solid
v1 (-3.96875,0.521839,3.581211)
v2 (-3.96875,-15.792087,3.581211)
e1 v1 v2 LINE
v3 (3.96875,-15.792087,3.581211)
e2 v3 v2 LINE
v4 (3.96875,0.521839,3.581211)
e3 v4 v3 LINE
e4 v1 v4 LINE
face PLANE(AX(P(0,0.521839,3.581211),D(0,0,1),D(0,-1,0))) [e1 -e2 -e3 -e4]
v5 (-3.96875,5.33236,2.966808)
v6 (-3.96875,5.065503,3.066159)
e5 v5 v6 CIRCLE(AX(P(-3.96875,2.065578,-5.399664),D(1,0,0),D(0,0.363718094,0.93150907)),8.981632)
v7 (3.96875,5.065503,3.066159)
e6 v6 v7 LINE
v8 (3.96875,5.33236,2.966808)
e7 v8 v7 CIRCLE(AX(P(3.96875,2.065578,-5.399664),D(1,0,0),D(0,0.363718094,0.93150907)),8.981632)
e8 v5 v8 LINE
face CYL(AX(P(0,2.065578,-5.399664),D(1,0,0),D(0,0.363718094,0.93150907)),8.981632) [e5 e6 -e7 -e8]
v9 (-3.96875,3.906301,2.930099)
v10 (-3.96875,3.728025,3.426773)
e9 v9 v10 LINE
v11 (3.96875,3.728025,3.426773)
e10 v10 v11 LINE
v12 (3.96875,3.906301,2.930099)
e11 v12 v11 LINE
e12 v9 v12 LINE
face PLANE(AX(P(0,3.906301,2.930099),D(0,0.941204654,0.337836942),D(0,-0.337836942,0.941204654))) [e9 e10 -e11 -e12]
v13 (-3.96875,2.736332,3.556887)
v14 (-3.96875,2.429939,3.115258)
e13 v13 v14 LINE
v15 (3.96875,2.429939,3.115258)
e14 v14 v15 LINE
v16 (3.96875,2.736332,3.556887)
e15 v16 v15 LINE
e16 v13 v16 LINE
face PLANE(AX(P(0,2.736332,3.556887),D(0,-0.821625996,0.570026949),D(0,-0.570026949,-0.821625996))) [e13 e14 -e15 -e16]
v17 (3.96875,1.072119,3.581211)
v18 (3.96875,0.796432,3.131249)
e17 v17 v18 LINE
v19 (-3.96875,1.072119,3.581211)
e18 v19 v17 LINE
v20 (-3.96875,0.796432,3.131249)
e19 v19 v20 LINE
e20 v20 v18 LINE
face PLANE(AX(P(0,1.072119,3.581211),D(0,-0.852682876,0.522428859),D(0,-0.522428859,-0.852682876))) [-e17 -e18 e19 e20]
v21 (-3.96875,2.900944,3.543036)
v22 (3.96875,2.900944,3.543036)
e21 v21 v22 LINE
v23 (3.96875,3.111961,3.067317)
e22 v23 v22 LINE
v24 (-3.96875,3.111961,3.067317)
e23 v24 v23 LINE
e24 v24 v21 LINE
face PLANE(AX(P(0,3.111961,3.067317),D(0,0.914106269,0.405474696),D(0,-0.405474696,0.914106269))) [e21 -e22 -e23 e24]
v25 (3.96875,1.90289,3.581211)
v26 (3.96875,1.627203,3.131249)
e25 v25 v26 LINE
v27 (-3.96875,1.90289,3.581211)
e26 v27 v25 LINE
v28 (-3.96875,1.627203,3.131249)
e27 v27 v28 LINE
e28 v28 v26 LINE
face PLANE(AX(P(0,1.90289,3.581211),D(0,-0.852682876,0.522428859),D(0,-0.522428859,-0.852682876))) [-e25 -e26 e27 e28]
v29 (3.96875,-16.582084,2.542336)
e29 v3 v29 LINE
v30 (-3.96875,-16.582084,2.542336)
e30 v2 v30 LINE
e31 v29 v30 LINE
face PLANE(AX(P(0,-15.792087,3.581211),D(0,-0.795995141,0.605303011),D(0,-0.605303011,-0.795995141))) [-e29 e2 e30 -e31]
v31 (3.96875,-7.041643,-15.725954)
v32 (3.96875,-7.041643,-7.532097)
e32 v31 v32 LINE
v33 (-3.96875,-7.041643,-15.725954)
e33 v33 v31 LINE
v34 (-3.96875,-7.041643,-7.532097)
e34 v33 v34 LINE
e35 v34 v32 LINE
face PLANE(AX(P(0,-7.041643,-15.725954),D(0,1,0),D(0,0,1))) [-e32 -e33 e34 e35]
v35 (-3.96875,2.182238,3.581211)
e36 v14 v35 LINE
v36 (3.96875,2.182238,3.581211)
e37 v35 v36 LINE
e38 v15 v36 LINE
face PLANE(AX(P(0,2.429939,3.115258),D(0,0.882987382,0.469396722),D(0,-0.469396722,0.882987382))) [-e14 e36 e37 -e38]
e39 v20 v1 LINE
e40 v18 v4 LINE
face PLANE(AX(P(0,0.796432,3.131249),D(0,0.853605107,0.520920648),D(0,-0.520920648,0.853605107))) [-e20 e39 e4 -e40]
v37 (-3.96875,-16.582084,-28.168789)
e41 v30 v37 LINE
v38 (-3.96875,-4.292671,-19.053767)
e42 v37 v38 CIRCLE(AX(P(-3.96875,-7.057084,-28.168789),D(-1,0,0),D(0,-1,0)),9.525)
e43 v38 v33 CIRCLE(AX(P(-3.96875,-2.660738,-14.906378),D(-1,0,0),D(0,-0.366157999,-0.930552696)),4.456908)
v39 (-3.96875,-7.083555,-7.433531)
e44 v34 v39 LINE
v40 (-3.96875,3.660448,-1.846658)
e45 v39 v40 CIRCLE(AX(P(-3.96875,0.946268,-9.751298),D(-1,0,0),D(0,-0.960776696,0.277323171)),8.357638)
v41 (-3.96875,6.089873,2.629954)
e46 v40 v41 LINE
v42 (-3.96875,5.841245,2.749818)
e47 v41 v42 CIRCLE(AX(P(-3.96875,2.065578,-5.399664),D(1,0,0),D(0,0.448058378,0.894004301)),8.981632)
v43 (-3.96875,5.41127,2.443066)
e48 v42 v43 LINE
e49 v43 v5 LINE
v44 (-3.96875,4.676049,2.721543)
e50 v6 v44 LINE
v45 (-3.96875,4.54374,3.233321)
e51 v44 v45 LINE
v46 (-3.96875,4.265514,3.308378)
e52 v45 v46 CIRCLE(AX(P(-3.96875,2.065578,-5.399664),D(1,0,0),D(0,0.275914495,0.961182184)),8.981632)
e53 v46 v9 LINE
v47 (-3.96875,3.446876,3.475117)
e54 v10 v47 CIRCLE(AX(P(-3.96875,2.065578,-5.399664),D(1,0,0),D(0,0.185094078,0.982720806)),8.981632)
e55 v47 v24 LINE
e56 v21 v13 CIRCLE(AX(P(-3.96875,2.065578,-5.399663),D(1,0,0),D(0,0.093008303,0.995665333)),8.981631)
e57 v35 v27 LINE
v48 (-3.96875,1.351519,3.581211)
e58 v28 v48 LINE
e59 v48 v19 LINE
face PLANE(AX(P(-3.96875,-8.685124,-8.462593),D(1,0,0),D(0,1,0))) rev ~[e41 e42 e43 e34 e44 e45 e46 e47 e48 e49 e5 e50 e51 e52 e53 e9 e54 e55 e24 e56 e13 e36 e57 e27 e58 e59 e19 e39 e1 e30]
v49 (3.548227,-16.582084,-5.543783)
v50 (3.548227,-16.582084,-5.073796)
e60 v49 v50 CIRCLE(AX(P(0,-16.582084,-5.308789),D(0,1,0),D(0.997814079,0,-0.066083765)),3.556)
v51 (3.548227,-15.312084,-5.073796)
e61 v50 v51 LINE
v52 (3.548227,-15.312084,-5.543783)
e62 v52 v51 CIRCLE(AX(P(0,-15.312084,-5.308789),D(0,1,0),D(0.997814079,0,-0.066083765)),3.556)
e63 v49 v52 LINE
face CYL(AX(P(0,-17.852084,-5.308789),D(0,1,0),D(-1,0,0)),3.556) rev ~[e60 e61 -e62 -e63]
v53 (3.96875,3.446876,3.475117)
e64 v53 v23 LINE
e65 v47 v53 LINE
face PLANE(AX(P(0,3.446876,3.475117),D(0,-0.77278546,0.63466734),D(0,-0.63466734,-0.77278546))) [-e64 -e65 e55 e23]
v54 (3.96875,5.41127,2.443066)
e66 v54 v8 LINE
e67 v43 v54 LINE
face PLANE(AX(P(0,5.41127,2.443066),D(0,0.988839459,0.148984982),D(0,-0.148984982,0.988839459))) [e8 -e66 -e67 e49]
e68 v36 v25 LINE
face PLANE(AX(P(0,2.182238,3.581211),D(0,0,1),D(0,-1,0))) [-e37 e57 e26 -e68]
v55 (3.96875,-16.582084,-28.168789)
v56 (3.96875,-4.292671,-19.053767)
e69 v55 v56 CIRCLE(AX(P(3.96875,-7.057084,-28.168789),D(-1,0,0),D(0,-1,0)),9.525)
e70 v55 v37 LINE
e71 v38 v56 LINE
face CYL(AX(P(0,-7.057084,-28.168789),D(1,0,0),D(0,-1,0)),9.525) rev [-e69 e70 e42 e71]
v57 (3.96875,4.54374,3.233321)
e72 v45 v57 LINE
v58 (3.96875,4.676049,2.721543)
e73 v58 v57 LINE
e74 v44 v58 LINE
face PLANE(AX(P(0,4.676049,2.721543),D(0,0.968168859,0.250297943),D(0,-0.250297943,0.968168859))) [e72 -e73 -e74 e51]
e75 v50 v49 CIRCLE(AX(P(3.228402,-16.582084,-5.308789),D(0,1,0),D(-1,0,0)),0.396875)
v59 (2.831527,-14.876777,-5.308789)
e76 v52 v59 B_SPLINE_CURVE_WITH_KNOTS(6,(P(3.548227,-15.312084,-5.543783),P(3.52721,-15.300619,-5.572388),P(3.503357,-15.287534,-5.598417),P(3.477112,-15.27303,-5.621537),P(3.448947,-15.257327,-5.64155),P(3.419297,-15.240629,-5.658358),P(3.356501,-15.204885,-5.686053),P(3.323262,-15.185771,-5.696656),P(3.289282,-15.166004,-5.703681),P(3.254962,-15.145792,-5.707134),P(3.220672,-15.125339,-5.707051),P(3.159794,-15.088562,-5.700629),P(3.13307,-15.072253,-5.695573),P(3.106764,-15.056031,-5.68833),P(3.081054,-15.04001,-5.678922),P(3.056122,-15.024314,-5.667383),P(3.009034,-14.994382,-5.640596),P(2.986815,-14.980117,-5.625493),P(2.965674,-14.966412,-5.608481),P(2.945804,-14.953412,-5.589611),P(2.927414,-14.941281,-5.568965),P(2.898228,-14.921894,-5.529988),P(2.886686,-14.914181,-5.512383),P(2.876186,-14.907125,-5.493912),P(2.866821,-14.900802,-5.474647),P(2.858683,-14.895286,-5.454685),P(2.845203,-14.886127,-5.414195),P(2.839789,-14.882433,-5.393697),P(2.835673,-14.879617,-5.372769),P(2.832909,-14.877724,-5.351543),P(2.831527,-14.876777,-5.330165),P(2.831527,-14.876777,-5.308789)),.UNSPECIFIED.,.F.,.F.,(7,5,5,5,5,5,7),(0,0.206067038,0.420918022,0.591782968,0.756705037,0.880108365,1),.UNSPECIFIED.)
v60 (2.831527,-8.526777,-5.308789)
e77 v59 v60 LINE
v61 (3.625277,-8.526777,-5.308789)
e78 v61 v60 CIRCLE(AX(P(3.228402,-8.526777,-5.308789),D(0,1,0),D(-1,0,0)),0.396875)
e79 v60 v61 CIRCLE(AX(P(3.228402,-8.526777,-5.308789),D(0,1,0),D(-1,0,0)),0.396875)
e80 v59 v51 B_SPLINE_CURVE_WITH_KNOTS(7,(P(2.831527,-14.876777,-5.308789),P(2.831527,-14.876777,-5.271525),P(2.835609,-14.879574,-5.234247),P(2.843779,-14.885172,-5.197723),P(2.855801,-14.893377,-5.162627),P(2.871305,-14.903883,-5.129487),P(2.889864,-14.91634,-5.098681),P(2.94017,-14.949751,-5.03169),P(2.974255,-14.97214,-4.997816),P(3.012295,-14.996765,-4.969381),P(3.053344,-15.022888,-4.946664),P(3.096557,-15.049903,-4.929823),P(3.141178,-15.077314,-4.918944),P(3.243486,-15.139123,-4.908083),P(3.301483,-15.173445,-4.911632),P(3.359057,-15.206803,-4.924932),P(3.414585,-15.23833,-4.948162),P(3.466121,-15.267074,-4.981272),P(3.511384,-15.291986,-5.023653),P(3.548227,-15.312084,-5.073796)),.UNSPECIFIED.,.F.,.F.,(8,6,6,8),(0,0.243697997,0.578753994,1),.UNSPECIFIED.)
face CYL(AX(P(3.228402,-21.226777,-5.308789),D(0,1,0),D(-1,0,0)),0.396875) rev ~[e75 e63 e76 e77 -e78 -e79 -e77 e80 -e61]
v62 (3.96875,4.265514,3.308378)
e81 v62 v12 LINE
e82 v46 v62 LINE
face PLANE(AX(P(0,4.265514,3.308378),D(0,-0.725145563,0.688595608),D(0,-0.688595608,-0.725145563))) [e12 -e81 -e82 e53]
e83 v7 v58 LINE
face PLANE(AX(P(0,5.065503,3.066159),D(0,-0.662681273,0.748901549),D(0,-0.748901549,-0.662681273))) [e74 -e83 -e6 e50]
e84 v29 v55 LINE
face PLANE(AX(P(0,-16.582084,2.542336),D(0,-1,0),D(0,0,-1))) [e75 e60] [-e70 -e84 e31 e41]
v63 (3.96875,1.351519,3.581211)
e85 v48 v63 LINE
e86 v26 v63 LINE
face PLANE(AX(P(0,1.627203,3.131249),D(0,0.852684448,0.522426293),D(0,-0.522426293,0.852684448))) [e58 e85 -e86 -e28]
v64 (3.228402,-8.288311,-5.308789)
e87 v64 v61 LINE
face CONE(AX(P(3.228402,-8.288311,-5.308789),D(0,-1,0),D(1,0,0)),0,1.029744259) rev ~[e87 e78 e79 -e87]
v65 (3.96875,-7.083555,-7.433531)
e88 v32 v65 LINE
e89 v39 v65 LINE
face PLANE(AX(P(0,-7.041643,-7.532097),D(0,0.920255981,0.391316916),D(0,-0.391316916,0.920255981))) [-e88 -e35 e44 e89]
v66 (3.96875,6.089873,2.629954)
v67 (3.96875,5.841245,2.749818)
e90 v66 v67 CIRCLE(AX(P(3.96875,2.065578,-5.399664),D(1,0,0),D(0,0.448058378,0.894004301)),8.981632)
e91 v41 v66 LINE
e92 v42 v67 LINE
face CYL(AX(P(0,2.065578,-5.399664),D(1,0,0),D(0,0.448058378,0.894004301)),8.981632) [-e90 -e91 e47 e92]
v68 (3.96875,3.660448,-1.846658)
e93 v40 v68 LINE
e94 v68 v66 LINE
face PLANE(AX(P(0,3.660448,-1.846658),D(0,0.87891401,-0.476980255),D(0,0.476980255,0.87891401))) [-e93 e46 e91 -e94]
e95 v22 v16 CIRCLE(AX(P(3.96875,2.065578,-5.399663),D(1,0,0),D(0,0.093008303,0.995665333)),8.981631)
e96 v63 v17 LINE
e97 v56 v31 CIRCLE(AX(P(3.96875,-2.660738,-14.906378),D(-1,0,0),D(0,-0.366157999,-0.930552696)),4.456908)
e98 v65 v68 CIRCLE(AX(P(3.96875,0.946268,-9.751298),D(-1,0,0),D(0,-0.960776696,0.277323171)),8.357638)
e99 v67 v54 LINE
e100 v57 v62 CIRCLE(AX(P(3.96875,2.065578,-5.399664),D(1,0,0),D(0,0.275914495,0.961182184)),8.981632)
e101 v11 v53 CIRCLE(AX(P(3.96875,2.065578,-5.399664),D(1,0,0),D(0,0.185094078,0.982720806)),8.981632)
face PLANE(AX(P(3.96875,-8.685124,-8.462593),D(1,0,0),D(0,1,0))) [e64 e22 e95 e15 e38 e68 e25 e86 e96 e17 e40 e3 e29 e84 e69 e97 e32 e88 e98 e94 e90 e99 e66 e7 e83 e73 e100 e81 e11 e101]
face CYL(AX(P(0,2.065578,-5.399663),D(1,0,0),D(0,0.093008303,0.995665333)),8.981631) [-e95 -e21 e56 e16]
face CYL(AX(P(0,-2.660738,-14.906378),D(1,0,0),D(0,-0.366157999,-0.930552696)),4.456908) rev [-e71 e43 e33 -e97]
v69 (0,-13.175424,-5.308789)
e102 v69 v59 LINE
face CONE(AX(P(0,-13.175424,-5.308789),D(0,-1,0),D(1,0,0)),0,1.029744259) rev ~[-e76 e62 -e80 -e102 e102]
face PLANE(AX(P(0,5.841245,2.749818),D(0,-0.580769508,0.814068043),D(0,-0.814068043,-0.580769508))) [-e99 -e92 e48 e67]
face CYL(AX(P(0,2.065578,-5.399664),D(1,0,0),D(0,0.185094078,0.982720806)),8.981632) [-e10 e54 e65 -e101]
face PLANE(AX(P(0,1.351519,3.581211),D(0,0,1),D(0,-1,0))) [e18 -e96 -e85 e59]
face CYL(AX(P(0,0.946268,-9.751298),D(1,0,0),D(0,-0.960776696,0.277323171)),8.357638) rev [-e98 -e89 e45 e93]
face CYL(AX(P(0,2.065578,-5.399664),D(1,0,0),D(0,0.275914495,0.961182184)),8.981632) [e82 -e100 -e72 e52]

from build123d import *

# Parameters (mm, degrees)
F1_DEPTH = 3.96875
F3_D     = 7.112
F3_DEPTH = 1.27
F3_TIP   = 2.1366603613
F4_D     = 0.79375
F4_DEPTH = 6.35
F4_START = 1.7053071
F4_TIP   = 0.2384665582


with BuildPart() as f1:
    # F0 (on Right) → F1 (new body, symmetric)
    with BuildSketch(Plane.YZ):
        with BuildLine():
            ThreePointArc((-16.5820843466, -28.1687893691), (-12.7313500896, -20.5184081186), (-4.2926705349, -19.0537665343))
            ThreePointArc((-4.2926705349, -19.0537665343), (-6.0968895961, -17.7448451986), (-7.0416428507, -15.7259537276))
            Line((-7.0416428507, -15.7259537276), (-7.0416428507, -7.5320968079))
            Line((-7.0416428507, -7.5320968079), (-7.0835554391, -7.4335314032))
            ThreePointArc((-7.0835554391, -7.4335314032), (-2.909546262, -2.3362589898), (3.6604483792, -1.846658048))
            Line((3.6604483792, -1.846658048), (6.0898731954, 2.6299539005))
            ThreePointArc((6.0898731954, 2.6299539005), (5.9660197938, 2.6908408891), (5.8412454606, 2.7498176323))
            Line((5.8412454606, 2.7498176323), (5.4112701147, 2.4430661607))
            Line((5.4112701147, 2.4430661607), (5.3323597714, 2.9668079517))
            ThreePointArc((5.3323597714, 2.9668079517), (5.1993250581, 3.0175413287), (5.0655028414, 3.0661594818))
            Line((5.0655028414, 3.0661594818), (4.6760486841, 2.7215427864))
            Line((4.6760486841, 2.7215427864), (4.5437401301, 3.2333209511))
            ThreePointArc((4.5437401301, 3.2333209511), (4.4049280258, 3.2719655055), (4.2655138361, 3.3083782172))
            Line((4.2655138361, 3.3083782172), (3.9063011974, 2.9300989368))
            Line((3.9063011974, 2.9300989368), (3.7280245356, 3.4267729314))
            ThreePointArc((3.7280245356, 3.4267729314), (3.587642111, 3.4520611622), (3.4468757875, 3.4751167886))
            Line((3.4468757875, 3.4751167886), (3.1119610132, 3.0673169038))
            Line((3.1119610132, 3.0673169038), (2.9009439477, 3.5430359177))
            ThreePointArc((2.9009439477, 3.5430359177), (2.8186697806, 3.5503399623), (2.7363319231, 3.5568870884))
            Line((2.7363319231, 3.5568870884), (2.4299388255, 3.115257909))
            Line((2.4299388255, 3.115257909), (2.1822380262, 3.5812106309))
            Line((2.1822380262, 3.5812106309), (1.9028896964, 3.5812106309))
            Line((1.9028896964, 3.5812106309), (1.6272033132, 3.1312487768))
            Line((1.6272033132, 3.1312487768), (1.3515187926, 3.5812106309))
            Line((1.3515187926, 3.5812106309), (1.0721187926, 3.5812106309))
            Line((1.0721187926, 3.5812106309), (0.7964324093, 3.1312487768))
            Line((0.7964324093, 3.1312487768), (0.5218389011, 3.5812106309))
            Line((0.5218389011, 3.5812106309), (-15.7920872965, 3.5812106309))
            Line((-15.7920872965, 3.5812106309), (-16.5820843466, 2.5423362134))
            Line((-16.5820843466, 2.5423362134), (-16.5820843466, -28.1687893691))
        make_face()
    extrude(amount=F1_DEPTH, both=True)

    # F3
    with Locations(Plane.XZ.offset(16.5820843466)):
        with Locations((0, -5.3087893691)):
            Hole(F3_D / 2, depth=F3_DEPTH)
            with Locations((0, 0, -(F3_DEPTH + F3_TIP / 2))):  # 118° drill point
                Cone(0, F3_D / 2, F3_TIP, mode=Mode.SUBTRACT)

    # F4
    # its depths count from where the whole tool has entered the part; down to there all is cleared
    with Locations(Plane.XZ.offset(16.5820843466).offset(-F4_START)):
        with Locations((3.2284024637, -5.3087893691)):
            Hole(F4_D / 2, depth=F4_DEPTH)
            with Locations((0, 0, -(F4_DEPTH + F4_TIP / 2))):  # 118° drill point
                Cone(0, F4_D / 2, F4_TIP, mode=Mode.SUBTRACT)


solid = f1.part
